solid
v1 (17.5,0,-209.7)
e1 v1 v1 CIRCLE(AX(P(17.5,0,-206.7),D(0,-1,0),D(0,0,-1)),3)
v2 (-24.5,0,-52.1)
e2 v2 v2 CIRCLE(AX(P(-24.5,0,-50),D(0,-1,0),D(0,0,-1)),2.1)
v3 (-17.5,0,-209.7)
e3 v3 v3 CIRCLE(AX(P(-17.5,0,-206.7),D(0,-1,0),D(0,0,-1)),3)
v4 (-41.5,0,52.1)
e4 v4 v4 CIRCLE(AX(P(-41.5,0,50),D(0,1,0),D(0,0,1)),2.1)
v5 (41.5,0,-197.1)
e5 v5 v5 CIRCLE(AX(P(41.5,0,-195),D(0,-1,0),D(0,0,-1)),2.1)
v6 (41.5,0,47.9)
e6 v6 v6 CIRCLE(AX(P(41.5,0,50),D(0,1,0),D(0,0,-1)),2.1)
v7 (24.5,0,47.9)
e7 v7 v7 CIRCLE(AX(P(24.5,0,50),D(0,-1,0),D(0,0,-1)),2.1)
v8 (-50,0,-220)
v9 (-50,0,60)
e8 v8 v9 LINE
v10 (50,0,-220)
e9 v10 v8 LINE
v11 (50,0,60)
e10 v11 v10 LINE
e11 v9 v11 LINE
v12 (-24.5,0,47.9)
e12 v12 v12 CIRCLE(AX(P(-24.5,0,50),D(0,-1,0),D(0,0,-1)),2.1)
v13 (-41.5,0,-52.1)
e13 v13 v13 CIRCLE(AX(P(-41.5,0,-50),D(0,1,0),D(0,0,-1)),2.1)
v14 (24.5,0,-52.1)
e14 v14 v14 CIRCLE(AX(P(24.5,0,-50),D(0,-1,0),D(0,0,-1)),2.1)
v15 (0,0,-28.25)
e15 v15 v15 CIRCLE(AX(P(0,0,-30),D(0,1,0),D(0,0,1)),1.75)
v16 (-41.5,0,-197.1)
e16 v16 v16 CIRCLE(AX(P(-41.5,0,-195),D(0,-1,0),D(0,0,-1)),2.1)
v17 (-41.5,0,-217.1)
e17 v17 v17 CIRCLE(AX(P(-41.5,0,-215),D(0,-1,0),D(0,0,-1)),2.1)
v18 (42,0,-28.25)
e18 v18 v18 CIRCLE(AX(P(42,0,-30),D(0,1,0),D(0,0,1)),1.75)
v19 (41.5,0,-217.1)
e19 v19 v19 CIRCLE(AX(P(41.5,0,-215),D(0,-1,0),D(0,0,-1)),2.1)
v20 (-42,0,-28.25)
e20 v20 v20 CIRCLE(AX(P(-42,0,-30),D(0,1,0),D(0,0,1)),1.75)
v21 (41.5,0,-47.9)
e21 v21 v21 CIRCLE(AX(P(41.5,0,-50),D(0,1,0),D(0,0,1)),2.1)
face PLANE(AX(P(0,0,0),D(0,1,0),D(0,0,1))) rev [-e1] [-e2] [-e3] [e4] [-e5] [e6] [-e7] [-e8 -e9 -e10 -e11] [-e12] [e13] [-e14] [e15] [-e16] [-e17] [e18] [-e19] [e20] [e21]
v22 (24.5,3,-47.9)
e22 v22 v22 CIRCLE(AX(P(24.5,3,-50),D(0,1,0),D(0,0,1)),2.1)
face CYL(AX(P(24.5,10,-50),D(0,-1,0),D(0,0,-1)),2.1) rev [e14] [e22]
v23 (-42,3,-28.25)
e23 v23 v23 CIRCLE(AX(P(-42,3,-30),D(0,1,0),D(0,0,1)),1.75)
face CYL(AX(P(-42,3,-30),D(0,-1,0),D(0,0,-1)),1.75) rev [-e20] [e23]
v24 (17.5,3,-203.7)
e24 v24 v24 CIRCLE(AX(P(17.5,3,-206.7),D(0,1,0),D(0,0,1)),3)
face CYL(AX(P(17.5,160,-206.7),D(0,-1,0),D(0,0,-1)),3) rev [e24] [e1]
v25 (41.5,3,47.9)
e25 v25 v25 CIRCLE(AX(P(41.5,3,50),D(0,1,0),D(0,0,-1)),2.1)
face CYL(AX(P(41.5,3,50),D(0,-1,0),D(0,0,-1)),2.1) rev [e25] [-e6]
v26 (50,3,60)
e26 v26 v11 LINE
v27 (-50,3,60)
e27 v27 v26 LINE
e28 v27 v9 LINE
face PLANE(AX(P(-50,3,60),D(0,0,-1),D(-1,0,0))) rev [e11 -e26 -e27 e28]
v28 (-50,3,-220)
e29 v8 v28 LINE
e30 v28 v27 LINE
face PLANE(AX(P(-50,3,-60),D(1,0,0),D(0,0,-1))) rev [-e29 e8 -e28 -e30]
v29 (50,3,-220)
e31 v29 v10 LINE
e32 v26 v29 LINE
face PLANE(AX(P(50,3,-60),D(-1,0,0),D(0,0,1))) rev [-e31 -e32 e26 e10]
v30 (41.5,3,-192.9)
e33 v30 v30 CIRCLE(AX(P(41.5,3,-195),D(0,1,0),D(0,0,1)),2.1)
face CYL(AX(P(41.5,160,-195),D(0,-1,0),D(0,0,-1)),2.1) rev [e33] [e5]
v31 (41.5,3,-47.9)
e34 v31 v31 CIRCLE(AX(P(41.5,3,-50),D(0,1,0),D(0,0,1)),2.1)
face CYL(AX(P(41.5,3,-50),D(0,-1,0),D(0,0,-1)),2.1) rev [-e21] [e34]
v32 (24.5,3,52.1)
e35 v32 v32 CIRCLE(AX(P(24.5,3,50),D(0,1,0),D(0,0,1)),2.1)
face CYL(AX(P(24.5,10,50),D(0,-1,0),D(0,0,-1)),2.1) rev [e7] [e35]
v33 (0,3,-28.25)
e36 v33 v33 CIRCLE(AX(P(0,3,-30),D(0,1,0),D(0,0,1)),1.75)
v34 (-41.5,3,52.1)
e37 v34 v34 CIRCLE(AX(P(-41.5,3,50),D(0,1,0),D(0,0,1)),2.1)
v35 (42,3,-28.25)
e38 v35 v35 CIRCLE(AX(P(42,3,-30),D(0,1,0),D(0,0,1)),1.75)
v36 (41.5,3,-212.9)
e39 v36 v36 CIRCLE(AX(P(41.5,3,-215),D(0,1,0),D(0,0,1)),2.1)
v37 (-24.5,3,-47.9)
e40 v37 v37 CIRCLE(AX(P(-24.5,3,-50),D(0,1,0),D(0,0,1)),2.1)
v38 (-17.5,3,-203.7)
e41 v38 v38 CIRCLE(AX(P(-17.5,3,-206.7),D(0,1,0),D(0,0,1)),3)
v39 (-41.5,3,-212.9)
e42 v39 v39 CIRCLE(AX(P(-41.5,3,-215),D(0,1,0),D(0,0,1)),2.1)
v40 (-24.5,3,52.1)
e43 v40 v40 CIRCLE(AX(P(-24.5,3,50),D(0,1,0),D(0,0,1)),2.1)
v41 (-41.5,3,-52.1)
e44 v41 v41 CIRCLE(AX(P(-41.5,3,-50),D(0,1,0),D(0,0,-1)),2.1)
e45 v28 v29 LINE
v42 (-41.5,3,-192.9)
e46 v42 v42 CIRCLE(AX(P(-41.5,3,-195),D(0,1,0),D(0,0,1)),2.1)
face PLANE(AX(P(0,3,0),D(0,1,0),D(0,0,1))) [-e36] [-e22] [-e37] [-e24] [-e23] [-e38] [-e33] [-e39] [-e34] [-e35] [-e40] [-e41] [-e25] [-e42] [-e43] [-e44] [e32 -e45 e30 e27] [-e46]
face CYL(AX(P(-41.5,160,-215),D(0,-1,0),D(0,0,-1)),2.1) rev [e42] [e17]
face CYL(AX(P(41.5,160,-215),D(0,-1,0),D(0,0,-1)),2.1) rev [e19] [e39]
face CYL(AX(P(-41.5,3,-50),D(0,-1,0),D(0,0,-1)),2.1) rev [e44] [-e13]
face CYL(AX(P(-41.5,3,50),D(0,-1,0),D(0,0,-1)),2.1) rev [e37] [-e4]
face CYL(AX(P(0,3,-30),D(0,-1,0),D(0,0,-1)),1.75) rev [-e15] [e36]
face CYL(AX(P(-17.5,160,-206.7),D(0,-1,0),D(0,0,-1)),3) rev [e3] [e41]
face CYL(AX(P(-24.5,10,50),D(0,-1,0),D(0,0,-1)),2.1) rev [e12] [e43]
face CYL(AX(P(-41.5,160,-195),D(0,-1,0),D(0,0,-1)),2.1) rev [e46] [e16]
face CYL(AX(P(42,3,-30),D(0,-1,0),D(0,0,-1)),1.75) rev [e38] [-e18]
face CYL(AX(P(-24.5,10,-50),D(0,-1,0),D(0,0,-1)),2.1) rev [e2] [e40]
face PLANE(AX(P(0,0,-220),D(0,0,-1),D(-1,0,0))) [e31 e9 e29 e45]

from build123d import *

# Parameters (mm, degrees)
SKETCH1_W           = 100
SKETCH1_H           = 120
SKETCH1_R           = 2.1
SKETCH1_R_2         = 1.75
BOSS_EXTRUDE1_DEPTH = 3
SKETCH2_R           = 2.1
CUT_EXTRUDE1_DEPTH  = 10
SKETCH3_W           = 100
SKETCH3_H           = 3
BOSS_EXTRUDE2_DEPTH = 160
SKETCH4_R           = 3
SKETCH4_R_2         = 2.1
CUT_EXTRUDE2_DEPTH  = 160


with BuildPart() as part:
    # Sketch1 → Boss-Extrude1 (new body)
    with BuildSketch(Plane(origin=(0, 0, 0), x_dir=(1, 0, 0), z_dir=(0, 1, 0))):
        Rectangle(SKETCH1_W, SKETCH1_H)
        with Locations(Location((41.5, 50, 0), (0, 0, 270))):
            Circle(SKETCH1_R, mode=Mode.SUBTRACT)
        with Locations(Location((41.5, -50, 0), (0, 0, 90))):
            Circle(SKETCH1_R, mode=Mode.SUBTRACT)
        with Locations(Location((-41.5, -50, 0), (0, 0, 270))):
            Circle(SKETCH1_R, mode=Mode.SUBTRACT)
        with Locations(Location((-41.5, 50, 0), (0, 0, 90))):
            Circle(SKETCH1_R, mode=Mode.SUBTRACT)
        with Locations(Location((-42, 30, 0), (0, 0, 270))):
            Circle(SKETCH1_R_2, mode=Mode.SUBTRACT)
        with Locations(Location((0, 30, 0), (0, 0, 270))):
            Circle(SKETCH1_R_2, mode=Mode.SUBTRACT)
        with Locations(Location((42, 30, 0), (0, 0, 270))):
            Circle(SKETCH1_R_2, mode=Mode.SUBTRACT)
    extrude(amount=BOSS_EXTRUDE1_DEPTH)

    # Sketch2 → Cut-Extrude1 (cut)
    with BuildSketch(Plane.XZ):
        with Locations(Location((-24.5, -50, 0), (0, 0, 270))):
            Circle(SKETCH2_R)
        with Locations(Location((24.5, -50, 0), (0, 0, 270))):
            Circle(SKETCH2_R)
        with Locations(Location((24.5, 50, 0), (0, 0, 270))):
            Circle(SKETCH2_R)
        with Locations(Location((-24.5, 50, 0), (0, 0, 270))):
            Circle(SKETCH2_R)
    extrude(amount=-CUT_EXTRUDE1_DEPTH, mode=Mode.SUBTRACT)

    # Sketch3 → Boss-Extrude2 (add)
    with BuildSketch(Plane(origin=(0, 0, -60), x_dir=(-1, 0, 0), z_dir=(0, 0, -1))):
        with Locations((0, 1.5)):
            Rectangle(SKETCH3_W, SKETCH3_H)
    extrude(amount=BOSS_EXTRUDE2_DEPTH)

    # Sketch4 → Cut-Extrude2 (cut)
    with BuildSketch(Plane.XZ):
        with Locations(Location((17.5, -206.7, 0), (0, 0, 270))):
            Circle(SKETCH4_R)
        with Locations(Location((-17.5, -206.7, 0), (0, 0, 270))):
            Circle(SKETCH4_R)
        with Locations(Location((-41.5, -215, 0), (0, 0, 270))):
            Circle(SKETCH4_R_2)
        with Locations(Location((-41.5, -195, 0), (0, 0, 270))):
            Circle(SKETCH4_R_2)
        with Locations(Location((41.5, -195, 0), (0, 0, 270))):
            Circle(SKETCH4_R_2)
        with Locations(Location((41.5, -215, 0), (0, 0, 270))):
            Circle(SKETCH4_R_2)
    extrude(amount=-CUT_EXTRUDE2_DEPTH, mode=Mode.SUBTRACT)


solid = part.part
